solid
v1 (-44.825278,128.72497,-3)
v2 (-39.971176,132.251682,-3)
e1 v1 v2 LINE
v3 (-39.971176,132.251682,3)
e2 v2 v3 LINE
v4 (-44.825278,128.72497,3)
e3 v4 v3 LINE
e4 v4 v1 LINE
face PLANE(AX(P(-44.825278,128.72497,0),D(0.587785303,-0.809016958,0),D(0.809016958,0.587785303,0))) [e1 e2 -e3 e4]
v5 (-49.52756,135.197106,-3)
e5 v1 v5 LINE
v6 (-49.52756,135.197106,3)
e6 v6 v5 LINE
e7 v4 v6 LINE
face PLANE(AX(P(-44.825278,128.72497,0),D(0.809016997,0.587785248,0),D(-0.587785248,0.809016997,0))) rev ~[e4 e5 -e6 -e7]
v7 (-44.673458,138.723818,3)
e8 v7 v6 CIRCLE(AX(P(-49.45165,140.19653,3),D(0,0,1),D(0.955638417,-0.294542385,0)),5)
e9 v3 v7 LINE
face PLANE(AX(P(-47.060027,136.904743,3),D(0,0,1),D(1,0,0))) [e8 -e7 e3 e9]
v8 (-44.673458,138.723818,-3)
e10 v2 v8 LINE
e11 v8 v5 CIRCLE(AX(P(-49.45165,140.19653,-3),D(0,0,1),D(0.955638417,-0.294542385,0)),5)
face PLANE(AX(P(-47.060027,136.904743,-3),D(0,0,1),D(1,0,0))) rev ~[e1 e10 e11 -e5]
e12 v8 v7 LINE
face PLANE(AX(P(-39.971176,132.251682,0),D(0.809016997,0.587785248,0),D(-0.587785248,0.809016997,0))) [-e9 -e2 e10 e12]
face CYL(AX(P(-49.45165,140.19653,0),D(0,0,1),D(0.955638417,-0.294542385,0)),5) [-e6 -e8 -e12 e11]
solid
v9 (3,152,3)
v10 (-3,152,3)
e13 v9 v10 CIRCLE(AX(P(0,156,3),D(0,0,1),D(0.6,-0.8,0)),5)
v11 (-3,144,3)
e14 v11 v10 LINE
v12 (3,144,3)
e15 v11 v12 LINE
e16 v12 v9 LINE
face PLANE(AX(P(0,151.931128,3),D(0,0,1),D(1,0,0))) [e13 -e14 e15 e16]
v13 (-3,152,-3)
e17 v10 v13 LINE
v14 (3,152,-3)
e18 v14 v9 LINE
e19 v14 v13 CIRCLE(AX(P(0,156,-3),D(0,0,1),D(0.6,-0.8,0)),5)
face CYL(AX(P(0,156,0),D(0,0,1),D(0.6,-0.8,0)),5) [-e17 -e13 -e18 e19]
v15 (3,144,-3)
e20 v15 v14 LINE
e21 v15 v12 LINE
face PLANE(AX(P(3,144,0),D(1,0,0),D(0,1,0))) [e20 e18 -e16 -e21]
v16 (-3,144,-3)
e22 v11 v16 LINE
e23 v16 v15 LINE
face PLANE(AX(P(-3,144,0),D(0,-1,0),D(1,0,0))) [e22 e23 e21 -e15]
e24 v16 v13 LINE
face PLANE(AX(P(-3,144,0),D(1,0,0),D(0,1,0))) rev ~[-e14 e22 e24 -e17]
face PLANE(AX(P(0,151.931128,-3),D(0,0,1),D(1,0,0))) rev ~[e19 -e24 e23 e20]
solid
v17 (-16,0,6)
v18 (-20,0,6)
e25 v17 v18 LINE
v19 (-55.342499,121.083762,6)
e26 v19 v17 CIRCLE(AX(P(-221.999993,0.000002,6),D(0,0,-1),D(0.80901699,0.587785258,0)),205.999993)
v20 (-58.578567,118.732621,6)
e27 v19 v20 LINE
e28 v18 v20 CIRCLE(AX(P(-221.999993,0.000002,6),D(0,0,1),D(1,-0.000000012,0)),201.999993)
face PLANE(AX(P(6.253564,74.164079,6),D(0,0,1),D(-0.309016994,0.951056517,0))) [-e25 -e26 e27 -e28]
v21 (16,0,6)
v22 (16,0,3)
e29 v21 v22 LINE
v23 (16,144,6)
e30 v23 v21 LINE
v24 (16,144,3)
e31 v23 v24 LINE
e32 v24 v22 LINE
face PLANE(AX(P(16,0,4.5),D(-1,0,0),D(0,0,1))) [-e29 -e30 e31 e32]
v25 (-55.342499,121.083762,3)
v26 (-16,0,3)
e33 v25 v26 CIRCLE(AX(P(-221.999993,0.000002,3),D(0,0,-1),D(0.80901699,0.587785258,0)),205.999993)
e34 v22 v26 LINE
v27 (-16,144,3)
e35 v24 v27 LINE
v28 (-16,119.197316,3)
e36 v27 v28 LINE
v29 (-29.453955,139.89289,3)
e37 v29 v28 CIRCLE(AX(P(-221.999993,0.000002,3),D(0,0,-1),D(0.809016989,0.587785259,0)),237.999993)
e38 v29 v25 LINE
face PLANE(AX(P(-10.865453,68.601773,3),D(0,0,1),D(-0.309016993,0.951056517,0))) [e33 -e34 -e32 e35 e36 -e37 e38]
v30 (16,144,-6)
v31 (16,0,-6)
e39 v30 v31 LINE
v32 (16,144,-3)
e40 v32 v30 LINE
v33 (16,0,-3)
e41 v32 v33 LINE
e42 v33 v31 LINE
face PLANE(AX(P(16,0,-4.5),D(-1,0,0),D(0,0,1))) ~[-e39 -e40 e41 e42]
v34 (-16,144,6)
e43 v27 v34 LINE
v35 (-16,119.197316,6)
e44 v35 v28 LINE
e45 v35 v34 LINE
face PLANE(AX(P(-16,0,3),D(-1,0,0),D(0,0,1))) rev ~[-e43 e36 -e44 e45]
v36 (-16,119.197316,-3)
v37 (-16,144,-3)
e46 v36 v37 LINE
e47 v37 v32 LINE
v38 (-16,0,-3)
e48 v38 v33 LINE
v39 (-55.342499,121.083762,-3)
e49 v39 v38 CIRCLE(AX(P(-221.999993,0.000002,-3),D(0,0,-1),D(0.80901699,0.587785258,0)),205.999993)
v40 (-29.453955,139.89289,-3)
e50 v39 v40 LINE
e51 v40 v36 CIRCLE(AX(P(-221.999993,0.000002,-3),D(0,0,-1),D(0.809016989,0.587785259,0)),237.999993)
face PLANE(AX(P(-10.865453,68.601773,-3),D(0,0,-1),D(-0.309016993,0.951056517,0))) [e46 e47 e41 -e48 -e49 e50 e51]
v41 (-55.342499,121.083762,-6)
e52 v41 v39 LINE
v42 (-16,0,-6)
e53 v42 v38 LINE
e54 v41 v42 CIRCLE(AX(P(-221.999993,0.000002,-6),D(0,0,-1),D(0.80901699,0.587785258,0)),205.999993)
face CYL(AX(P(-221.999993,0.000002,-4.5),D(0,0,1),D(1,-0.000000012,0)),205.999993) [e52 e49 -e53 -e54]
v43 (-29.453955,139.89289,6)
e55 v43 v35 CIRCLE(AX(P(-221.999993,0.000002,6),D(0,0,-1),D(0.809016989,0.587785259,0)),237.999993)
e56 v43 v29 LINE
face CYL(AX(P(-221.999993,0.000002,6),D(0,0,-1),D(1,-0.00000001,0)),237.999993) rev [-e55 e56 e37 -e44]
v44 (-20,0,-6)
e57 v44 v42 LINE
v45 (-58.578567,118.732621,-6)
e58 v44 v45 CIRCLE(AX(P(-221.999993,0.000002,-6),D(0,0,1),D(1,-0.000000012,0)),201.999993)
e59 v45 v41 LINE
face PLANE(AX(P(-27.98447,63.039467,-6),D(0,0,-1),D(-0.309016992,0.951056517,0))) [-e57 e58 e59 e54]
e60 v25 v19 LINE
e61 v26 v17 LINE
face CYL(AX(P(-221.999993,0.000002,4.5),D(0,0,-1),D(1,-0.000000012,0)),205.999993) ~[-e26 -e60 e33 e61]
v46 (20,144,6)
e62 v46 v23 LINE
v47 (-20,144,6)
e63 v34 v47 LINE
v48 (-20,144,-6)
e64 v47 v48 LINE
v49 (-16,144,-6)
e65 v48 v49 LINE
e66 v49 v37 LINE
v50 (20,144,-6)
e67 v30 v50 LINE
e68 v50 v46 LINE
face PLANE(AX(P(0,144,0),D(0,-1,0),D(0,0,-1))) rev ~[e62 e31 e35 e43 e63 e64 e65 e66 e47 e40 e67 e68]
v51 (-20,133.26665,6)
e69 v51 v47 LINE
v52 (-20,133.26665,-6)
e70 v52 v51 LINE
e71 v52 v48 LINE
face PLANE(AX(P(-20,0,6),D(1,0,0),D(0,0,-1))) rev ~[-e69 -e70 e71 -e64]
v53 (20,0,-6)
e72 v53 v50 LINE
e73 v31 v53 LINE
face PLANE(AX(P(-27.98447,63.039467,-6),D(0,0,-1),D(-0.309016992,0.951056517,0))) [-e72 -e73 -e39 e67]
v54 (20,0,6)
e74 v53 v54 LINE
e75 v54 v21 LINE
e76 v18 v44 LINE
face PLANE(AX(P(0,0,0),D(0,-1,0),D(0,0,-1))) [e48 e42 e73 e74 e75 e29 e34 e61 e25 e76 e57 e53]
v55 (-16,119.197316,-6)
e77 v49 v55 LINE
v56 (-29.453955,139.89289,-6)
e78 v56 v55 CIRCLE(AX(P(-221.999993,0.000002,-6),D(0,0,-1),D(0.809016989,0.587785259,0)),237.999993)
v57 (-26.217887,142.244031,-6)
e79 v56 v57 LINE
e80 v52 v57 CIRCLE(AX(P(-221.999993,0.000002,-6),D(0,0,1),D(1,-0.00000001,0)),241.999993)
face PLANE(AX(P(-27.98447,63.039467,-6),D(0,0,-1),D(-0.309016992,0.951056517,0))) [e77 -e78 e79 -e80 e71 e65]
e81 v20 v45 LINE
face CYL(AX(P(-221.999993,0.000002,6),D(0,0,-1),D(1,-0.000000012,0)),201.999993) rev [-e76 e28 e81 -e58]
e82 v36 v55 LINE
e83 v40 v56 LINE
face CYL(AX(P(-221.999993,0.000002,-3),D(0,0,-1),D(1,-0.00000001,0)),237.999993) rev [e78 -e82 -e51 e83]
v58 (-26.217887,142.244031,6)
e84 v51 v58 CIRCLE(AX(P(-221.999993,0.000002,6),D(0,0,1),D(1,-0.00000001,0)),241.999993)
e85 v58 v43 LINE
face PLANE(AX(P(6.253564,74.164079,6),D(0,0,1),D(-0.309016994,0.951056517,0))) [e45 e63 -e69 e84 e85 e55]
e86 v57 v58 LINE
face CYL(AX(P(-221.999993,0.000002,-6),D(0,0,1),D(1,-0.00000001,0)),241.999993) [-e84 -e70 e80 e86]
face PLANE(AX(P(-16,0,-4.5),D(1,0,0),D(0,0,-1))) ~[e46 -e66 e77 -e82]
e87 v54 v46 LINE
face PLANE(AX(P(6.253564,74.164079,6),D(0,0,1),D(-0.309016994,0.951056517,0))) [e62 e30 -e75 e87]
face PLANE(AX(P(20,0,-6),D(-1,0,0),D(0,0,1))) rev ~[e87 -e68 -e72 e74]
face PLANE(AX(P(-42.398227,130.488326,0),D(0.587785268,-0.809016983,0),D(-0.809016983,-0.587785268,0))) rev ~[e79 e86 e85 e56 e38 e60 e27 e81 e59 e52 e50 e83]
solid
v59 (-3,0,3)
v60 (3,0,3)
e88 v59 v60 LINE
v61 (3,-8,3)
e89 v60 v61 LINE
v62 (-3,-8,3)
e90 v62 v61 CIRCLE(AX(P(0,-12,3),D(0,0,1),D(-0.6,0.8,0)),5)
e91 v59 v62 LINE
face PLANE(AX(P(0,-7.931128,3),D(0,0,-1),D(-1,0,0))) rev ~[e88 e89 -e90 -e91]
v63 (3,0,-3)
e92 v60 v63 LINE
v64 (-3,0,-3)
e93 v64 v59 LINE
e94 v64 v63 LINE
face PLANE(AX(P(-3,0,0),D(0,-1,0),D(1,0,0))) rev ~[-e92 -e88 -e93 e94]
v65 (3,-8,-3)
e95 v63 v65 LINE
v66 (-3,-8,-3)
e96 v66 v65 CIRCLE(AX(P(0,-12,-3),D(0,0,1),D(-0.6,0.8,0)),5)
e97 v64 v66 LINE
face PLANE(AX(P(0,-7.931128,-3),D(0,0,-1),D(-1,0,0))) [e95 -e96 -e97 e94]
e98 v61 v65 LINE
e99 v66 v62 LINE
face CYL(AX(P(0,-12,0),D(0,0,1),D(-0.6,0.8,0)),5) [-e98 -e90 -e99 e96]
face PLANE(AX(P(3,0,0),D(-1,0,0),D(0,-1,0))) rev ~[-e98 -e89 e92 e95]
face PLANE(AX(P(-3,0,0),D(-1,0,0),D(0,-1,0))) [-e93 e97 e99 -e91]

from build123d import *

# Parameters (mm, degrees)
SKETCH013_W  = 32
SKETCH013_H  = 3
PAD_DEPTH    = 3
PAD001_DEPTH = 3
PAD002_DEPTH = 3


with BuildPart() as body:
    # AdditivePipe: sweep along a path in Sketch002
    with BuildLine(Plane.XY) as additivepipe_path:
        ThreePointArc((0, 0), (-10.865453, 68.601773), (-42.398227, 130.488326))
    # Sketch → AdditivePipe (sweep)
    with BuildSketch(Plane.XZ):
        Polygon((-20, 6), (-20, -6), (-16, -6), (-16, -3), (-9, -3), (9, -3), (16, -3), (16, -6), (20, -6), (20, 6), (16, 6), (16, 3), (9, 3), (-9, 3), (-16, 3), (-16, 6), align=None)
    sweep(path=additivepipe_path.line)

    # AdditivePipe001: sweep along a path in Sketch001
    with BuildLine(Plane.XY) as additivepipe001_path:
        Line((0, 0), (0, 144))
    # Sketch → AdditivePipe001 (sweep)
    with BuildSketch(Plane.XZ):
        Polygon((-20, 6), (-20, -6), (-16, -6), (-16, -3), (-9, -3), (9, -3), (16, -3), (16, -6), (20, -6), (20, 6), (16, 6), (16, 3), (9, 3), (-9, 3), (-16, 3), (-16, 6), align=None)
    sweep(path=additivepipe001_path.line)

    # SubtractivePipe: sweep along a path in Sketch002
    with BuildLine(Plane.XY) as subtractivepipe_path:
        ThreePointArc((0, 0), (-10.865453, 68.601773), (-42.398227, 130.488326))
    # Sketch013 (on Face1 of AdditivePipe001) → SubtractivePipe (sweep, cut)
    with BuildSketch(Plane.XZ):
        with Locations((0, 4.5)):
            Rectangle(SKETCH013_W, SKETCH013_H)
    subtractivepipe = sweep(path=subtractivepipe_path.line, mode=Mode.SUBTRACT)

    # SubtractivePipe001: sweep along a path in Sketch001
    with BuildLine(Plane.XY) as subtractivepipe001_path:
        Line((0, 0), (0, 144))
    # Sketch013 (on Face1 of AdditivePipe001) → SubtractivePipe001 (sweep, cut)
    with BuildSketch(Plane.XZ):
        with Locations((0, 4.5)):
            Rectangle(SKETCH013_W, SKETCH013_H)
    subtractivepipe001 = sweep(path=subtractivepipe001_path.line, mode=Mode.SUBTRACT)

    # Mirrored: SubtractivePipe across XY
    add(subtractivepipe.mirror(Plane.XY), mode=Mode.SUBTRACT)

    # Mirrored001: SubtractivePipe001 across XY
    add(subtractivepipe001.mirror(Plane.XY), mode=Mode.SUBTRACT)


with BuildPart() as body001:
    # Sketch008 → Pad (new body, symmetric)
    with BuildSketch(Plane.XY):
        with BuildLine():
            Line((-3, 0), (3, 0))
            Line((3, 0), (3, -8))
            ThreePointArc((-3, -8), (0, -17), (3, -8))
            Line((-3, 0), (-3, -8))
        make_face()
    extrude(amount=PAD_DEPTH, both=True)


with BuildPart() as body002:
    # Sketch011 → Pad001 (new body, symmetric)
    with BuildSketch(Plane.XY):
        with BuildLine():
            Line((-3, 144), (3, 144))
            Line((3, 144), (3, 152))
            ThreePointArc((3, 152), (0, 161), (-3, 152))
            Line((-3, 144), (-3, 152))
        make_face()
    extrude(amount=PAD001_DEPTH, both=True)


with BuildPart() as body003:
    # Sketch012 → Pad002 (new body, symmetric)
    with BuildSketch(Plane.XY):
        with BuildLine():
            Line((-44.825278, 128.72497), (-39.971176, 132.251682))
            Line((-39.971176, 132.251682), (-44.673458, 138.723818))
            ThreePointArc((-44.673458, 138.723818), (-52.390577, 144.241615), (-49.52756, 135.197106))
            Line((-44.825278, 128.72497), (-49.52756, 135.197106))
        make_face()
    extrude(amount=PAD002_DEPTH, both=True)


solid = Compound([body.part, body001.part, body002.part, body003.part])
